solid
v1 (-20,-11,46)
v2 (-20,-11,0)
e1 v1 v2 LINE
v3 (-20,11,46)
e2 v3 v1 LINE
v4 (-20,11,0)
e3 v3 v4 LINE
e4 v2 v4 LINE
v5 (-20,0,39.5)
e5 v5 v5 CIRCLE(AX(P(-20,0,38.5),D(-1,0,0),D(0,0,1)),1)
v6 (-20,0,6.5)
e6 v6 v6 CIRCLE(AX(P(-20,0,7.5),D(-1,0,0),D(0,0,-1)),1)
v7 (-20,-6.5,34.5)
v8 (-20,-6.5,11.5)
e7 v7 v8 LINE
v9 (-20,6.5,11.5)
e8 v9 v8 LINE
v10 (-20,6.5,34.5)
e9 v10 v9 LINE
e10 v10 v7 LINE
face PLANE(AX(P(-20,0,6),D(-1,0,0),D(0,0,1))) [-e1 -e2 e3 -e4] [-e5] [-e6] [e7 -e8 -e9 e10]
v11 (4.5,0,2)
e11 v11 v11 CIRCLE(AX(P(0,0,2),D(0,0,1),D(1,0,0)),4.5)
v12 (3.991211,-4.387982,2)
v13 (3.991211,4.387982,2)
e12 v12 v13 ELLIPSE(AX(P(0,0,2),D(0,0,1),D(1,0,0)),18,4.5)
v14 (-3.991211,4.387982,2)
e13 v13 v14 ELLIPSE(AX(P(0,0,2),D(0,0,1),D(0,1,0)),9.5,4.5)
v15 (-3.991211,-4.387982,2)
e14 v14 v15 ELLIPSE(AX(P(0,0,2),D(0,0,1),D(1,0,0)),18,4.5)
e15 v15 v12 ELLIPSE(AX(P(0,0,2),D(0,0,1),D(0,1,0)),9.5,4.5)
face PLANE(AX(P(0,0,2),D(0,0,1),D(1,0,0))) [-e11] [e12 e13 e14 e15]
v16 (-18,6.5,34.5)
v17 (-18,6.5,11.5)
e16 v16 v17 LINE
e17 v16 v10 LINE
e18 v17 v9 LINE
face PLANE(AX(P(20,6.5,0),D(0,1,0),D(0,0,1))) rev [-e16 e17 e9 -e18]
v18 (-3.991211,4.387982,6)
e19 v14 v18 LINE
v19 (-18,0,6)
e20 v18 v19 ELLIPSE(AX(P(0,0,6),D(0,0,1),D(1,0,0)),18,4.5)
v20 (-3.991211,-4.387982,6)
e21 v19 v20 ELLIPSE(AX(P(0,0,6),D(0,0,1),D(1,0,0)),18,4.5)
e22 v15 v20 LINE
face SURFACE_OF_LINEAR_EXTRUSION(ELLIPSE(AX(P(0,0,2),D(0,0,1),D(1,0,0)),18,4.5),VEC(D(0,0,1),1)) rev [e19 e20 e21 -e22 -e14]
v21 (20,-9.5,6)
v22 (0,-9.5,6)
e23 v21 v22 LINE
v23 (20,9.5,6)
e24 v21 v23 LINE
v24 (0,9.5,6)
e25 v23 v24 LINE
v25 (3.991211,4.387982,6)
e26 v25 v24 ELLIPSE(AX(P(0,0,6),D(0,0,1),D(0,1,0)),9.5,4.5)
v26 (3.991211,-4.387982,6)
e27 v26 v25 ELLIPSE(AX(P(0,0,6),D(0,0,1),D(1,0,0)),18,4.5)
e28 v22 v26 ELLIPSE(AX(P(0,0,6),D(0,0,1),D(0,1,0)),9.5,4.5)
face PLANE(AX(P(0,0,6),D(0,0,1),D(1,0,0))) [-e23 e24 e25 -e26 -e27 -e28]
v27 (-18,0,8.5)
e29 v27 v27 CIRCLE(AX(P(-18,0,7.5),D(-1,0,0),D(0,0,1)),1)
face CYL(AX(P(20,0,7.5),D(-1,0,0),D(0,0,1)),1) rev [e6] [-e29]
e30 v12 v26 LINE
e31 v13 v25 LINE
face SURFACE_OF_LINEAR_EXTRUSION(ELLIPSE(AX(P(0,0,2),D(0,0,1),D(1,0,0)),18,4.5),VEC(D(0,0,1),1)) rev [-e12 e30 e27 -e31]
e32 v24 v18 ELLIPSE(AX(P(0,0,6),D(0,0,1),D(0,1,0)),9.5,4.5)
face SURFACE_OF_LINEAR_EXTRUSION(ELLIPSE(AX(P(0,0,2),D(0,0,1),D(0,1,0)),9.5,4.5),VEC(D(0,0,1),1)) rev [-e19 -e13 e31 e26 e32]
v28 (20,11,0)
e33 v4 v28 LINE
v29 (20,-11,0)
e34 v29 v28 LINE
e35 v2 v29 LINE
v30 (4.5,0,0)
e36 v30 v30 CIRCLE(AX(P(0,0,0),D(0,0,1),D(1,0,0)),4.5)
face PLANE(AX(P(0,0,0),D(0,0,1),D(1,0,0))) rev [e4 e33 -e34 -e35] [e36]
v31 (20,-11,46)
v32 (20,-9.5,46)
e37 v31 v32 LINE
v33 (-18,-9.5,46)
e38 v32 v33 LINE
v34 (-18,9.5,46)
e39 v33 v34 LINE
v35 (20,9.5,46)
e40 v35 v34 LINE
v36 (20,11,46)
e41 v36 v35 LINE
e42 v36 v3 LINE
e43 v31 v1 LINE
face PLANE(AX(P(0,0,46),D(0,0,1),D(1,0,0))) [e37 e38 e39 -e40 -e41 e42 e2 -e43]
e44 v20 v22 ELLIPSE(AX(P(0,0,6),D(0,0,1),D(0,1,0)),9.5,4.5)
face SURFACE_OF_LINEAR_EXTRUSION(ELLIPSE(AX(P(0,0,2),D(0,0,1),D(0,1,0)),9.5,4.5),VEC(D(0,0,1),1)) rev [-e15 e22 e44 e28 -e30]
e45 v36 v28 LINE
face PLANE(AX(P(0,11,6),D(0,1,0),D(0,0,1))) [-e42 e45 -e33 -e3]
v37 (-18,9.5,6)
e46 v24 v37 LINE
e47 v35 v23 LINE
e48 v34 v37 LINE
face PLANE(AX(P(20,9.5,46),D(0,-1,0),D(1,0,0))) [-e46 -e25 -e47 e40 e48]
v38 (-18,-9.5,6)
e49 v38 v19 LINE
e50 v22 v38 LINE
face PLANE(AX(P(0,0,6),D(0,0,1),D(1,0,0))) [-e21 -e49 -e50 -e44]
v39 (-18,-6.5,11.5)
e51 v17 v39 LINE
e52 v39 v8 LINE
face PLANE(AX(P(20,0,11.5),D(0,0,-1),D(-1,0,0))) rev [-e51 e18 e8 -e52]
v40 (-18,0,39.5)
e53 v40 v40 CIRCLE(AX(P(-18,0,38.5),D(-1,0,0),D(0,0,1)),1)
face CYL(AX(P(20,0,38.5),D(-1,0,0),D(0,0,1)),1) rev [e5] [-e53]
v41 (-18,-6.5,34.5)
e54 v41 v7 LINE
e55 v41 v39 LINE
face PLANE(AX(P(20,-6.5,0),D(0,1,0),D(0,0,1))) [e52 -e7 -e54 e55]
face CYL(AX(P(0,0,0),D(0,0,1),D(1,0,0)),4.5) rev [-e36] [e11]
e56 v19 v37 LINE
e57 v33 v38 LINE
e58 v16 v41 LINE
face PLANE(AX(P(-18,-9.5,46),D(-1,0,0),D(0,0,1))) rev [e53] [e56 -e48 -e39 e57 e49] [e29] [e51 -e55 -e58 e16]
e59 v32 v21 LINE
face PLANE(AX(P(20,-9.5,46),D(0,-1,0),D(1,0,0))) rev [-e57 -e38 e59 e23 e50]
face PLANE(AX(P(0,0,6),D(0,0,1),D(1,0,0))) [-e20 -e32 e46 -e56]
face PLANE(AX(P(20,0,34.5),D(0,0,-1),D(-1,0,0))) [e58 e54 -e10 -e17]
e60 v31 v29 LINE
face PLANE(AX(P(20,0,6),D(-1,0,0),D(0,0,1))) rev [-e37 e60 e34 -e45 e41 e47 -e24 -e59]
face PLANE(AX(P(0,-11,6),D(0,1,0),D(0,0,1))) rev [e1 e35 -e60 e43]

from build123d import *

# Parameters (mm, degrees)
SKETCH_1_W          = 40
SKETCH_1_H          = 22
SKETCH_1_R          = 4.5
EXTRUDE_1_DEPTH     = 6
CUT_EXTRUDE_2_DEPTH = 4
SKETCH_4_R          = 4.5
CUT_EXTRUDE_3_DEPTH = 7
EXTRUDE_2_DEPTH     = 40
SKETCH_6_W          = 23
SKETCH_6_H          = 13
CUT_EXTRUDE_4_DEPTH = 40
SKETCH_7_R          = 1
CUT_EXTRUDE_5_DEPTH = 40


with BuildPart() as part:
    # 草图1 → 凸台-拉伸1 (new body)
    with BuildSketch(Plane.XY):
        Rectangle(SKETCH_1_W, SKETCH_1_H)
        with BuildLine():
            add(Edge.make_bspline(
                [(3.991210712, -4.387982431), (18, -3.591602336), (18, 0), (18, 3.591602336), (3.991210712, 4.387982431)],
                knots=[4.935981285, 4.935981285, 4.935981285, 6.283185307, 6.283185307, 7.630389329, 7.630389329, 7.630389329], degree=2, weights=[1, 0.781579788, 1, 0.781579788, 1]))
            add(Edge.make_bspline(
                [(3.991210712, 4.387982431), (0, 20.567539049), (-3.991210712, 4.387982431)],
                knots=[5.192517184, 5.192517184, 5.192517184, 7.373853431, 7.373853431, 7.373853431], degree=2, weights=[1, 0.461892887, 1]))
            add(Edge.make_bspline(
                [(-3.991210712, 4.387982431), (-18, 3.591602336), (-18, 0), (-18, -3.591602336), (-3.991210712, -4.387982431)],
                knots=[1.794388632, 1.794388632, 1.794388632, 3.141592654, 3.141592654, 4.488796676, 4.488796676, 4.488796676], degree=2, weights=[1, 0.781579788, 1, 0.781579788, 1]))
            add(Edge.make_bspline(
                [(-3.991210712, -4.387982431), (0, -20.567539049), (3.991210712, -4.387982431)],
                knots=[2.05092453, 2.05092453, 2.05092453, 4.232260777, 4.232260777, 4.232260777], degree=2, weights=[1, 0.461892887, 1]))
        make_face(mode=Mode.SUBTRACT)
        with BuildLine():
            add(Edge.make_bspline(
                [(-3.991210712, -4.387982431), (0, -20.567539049), (3.991210712, -4.387982431)],
                knots=[2.05092453, 2.05092453, 2.05092453, 4.232260777, 4.232260777, 4.232260777], degree=2, weights=[1, 0.461892887, 1]))
            add(Edge.make_bspline(
                [(3.991210712, -4.387982431), (18, -3.591602336), (18, 0), (18, 3.591602336), (3.991210712, 4.387982431)],
                knots=[4.935981285, 4.935981285, 4.935981285, 6.283185307, 6.283185307, 7.630389329, 7.630389329, 7.630389329], degree=2, weights=[1, 0.781579788, 1, 0.781579788, 1]))
            add(Edge.make_bspline(
                [(3.991210712, 4.387982431), (0, 20.567539049), (-3.991210712, 4.387982431)],
                knots=[5.192517184, 5.192517184, 5.192517184, 7.373853431, 7.373853431, 7.373853431], degree=2, weights=[1, 0.461892887, 1]))
            add(Edge.make_bspline(
                [(-3.991210712, 4.387982431), (-18, 3.591602336), (-18, 0), (-18, -3.591602336), (-3.991210712, -4.387982431)],
                knots=[1.794388632, 1.794388632, 1.794388632, 3.141592654, 3.141592654, 4.488796676, 4.488796676, 4.488796676], degree=2, weights=[1, 0.781579788, 1, 0.781579788, 1]))
        make_face()
        Circle(SKETCH_1_R, mode=Mode.SUBTRACT)
        Circle(SKETCH_1_R)
    extrude(amount=EXTRUDE_1_DEPTH)

    # 草图3 → 切除-拉伸2 (cut)
    with BuildSketch(Plane.XY.offset(6)):
        with BuildLine():
            add(Edge.make_bspline(
                [(3.991210712, -4.387982431), (18, -3.591602336), (18, 0), (18, 3.591602336), (3.991210712, 4.387982431)],
                knots=[4.935981285, 4.935981285, 4.935981285, 6.283185307, 6.283185307, 7.630389329, 7.630389329, 7.630389329], degree=2, weights=[1, 0.781579788, 1, 0.781579788, 1]))
            add(Edge.make_bspline(
                [(3.991210712, 4.387982431), (0, 20.567539049), (-3.991210712, 4.387982431)],
                knots=[5.192517184, 5.192517184, 5.192517184, 7.373853431, 7.373853431, 7.373853431], degree=2, weights=[1, 0.461892887, 1]))
            add(Edge.make_bspline(
                [(-3.991210712, 4.387982431), (-18, 3.591602336), (-18, 0), (-18, -3.591602336), (-3.991210712, -4.387982431)],
                knots=[1.794388632, 1.794388632, 1.794388632, 3.141592654, 3.141592654, 4.488796676, 4.488796676, 4.488796676], degree=2, weights=[1, 0.781579788, 1, 0.781579788, 1]))
            add(Edge.make_bspline(
                [(-3.991210712, -4.387982431), (0, -20.567539049), (3.991210712, -4.387982431)],
                knots=[2.05092453, 2.05092453, 2.05092453, 4.232260777, 4.232260777, 4.232260777], degree=2, weights=[1, 0.461892887, 1]))
        make_face()
    extrude(amount=-CUT_EXTRUDE_2_DEPTH, mode=Mode.SUBTRACT)

    # 草图4 → 切除-拉伸3 (cut, through all)
    with BuildSketch(Plane.XY.offset(6)):
        Circle(SKETCH_4_R)
    extrude(amount=-CUT_EXTRUDE_3_DEPTH, mode=Mode.SUBTRACT)

    # 草图5 → 凸台-拉伸2 (add)
    with BuildSketch(Plane.XY.offset(6)):
        Polygon((20, -11), (-20, -11), (-20, -9.5), (-20, 9.5), (-20, 11), (20, 11), (20, 9.5), (-18, 9.5), (-18, -9.5), (20, -9.5), align=None)
    extrude(amount=EXTRUDE_2_DEPTH)

    # 草图6 → 切除-拉伸4 (cut)
    with BuildSketch(Plane.ZY.offset(20)):
        with Locations((23, 0)):
            Rectangle(SKETCH_6_W, SKETCH_6_H)
    extrude(amount=-CUT_EXTRUDE_4_DEPTH, mode=Mode.SUBTRACT)

    # 草图7 → 切除-拉伸5 (cut)
    with BuildSketch(Plane.ZY.offset(20)):
        with Locations((38.5, 0)):
            Circle(SKETCH_7_R)
        with Locations((7.5, 0)):
            Circle(SKETCH_7_R)
    extrude(amount=-CUT_EXTRUDE_5_DEPTH, mode=Mode.SUBTRACT)


solid = part.part
